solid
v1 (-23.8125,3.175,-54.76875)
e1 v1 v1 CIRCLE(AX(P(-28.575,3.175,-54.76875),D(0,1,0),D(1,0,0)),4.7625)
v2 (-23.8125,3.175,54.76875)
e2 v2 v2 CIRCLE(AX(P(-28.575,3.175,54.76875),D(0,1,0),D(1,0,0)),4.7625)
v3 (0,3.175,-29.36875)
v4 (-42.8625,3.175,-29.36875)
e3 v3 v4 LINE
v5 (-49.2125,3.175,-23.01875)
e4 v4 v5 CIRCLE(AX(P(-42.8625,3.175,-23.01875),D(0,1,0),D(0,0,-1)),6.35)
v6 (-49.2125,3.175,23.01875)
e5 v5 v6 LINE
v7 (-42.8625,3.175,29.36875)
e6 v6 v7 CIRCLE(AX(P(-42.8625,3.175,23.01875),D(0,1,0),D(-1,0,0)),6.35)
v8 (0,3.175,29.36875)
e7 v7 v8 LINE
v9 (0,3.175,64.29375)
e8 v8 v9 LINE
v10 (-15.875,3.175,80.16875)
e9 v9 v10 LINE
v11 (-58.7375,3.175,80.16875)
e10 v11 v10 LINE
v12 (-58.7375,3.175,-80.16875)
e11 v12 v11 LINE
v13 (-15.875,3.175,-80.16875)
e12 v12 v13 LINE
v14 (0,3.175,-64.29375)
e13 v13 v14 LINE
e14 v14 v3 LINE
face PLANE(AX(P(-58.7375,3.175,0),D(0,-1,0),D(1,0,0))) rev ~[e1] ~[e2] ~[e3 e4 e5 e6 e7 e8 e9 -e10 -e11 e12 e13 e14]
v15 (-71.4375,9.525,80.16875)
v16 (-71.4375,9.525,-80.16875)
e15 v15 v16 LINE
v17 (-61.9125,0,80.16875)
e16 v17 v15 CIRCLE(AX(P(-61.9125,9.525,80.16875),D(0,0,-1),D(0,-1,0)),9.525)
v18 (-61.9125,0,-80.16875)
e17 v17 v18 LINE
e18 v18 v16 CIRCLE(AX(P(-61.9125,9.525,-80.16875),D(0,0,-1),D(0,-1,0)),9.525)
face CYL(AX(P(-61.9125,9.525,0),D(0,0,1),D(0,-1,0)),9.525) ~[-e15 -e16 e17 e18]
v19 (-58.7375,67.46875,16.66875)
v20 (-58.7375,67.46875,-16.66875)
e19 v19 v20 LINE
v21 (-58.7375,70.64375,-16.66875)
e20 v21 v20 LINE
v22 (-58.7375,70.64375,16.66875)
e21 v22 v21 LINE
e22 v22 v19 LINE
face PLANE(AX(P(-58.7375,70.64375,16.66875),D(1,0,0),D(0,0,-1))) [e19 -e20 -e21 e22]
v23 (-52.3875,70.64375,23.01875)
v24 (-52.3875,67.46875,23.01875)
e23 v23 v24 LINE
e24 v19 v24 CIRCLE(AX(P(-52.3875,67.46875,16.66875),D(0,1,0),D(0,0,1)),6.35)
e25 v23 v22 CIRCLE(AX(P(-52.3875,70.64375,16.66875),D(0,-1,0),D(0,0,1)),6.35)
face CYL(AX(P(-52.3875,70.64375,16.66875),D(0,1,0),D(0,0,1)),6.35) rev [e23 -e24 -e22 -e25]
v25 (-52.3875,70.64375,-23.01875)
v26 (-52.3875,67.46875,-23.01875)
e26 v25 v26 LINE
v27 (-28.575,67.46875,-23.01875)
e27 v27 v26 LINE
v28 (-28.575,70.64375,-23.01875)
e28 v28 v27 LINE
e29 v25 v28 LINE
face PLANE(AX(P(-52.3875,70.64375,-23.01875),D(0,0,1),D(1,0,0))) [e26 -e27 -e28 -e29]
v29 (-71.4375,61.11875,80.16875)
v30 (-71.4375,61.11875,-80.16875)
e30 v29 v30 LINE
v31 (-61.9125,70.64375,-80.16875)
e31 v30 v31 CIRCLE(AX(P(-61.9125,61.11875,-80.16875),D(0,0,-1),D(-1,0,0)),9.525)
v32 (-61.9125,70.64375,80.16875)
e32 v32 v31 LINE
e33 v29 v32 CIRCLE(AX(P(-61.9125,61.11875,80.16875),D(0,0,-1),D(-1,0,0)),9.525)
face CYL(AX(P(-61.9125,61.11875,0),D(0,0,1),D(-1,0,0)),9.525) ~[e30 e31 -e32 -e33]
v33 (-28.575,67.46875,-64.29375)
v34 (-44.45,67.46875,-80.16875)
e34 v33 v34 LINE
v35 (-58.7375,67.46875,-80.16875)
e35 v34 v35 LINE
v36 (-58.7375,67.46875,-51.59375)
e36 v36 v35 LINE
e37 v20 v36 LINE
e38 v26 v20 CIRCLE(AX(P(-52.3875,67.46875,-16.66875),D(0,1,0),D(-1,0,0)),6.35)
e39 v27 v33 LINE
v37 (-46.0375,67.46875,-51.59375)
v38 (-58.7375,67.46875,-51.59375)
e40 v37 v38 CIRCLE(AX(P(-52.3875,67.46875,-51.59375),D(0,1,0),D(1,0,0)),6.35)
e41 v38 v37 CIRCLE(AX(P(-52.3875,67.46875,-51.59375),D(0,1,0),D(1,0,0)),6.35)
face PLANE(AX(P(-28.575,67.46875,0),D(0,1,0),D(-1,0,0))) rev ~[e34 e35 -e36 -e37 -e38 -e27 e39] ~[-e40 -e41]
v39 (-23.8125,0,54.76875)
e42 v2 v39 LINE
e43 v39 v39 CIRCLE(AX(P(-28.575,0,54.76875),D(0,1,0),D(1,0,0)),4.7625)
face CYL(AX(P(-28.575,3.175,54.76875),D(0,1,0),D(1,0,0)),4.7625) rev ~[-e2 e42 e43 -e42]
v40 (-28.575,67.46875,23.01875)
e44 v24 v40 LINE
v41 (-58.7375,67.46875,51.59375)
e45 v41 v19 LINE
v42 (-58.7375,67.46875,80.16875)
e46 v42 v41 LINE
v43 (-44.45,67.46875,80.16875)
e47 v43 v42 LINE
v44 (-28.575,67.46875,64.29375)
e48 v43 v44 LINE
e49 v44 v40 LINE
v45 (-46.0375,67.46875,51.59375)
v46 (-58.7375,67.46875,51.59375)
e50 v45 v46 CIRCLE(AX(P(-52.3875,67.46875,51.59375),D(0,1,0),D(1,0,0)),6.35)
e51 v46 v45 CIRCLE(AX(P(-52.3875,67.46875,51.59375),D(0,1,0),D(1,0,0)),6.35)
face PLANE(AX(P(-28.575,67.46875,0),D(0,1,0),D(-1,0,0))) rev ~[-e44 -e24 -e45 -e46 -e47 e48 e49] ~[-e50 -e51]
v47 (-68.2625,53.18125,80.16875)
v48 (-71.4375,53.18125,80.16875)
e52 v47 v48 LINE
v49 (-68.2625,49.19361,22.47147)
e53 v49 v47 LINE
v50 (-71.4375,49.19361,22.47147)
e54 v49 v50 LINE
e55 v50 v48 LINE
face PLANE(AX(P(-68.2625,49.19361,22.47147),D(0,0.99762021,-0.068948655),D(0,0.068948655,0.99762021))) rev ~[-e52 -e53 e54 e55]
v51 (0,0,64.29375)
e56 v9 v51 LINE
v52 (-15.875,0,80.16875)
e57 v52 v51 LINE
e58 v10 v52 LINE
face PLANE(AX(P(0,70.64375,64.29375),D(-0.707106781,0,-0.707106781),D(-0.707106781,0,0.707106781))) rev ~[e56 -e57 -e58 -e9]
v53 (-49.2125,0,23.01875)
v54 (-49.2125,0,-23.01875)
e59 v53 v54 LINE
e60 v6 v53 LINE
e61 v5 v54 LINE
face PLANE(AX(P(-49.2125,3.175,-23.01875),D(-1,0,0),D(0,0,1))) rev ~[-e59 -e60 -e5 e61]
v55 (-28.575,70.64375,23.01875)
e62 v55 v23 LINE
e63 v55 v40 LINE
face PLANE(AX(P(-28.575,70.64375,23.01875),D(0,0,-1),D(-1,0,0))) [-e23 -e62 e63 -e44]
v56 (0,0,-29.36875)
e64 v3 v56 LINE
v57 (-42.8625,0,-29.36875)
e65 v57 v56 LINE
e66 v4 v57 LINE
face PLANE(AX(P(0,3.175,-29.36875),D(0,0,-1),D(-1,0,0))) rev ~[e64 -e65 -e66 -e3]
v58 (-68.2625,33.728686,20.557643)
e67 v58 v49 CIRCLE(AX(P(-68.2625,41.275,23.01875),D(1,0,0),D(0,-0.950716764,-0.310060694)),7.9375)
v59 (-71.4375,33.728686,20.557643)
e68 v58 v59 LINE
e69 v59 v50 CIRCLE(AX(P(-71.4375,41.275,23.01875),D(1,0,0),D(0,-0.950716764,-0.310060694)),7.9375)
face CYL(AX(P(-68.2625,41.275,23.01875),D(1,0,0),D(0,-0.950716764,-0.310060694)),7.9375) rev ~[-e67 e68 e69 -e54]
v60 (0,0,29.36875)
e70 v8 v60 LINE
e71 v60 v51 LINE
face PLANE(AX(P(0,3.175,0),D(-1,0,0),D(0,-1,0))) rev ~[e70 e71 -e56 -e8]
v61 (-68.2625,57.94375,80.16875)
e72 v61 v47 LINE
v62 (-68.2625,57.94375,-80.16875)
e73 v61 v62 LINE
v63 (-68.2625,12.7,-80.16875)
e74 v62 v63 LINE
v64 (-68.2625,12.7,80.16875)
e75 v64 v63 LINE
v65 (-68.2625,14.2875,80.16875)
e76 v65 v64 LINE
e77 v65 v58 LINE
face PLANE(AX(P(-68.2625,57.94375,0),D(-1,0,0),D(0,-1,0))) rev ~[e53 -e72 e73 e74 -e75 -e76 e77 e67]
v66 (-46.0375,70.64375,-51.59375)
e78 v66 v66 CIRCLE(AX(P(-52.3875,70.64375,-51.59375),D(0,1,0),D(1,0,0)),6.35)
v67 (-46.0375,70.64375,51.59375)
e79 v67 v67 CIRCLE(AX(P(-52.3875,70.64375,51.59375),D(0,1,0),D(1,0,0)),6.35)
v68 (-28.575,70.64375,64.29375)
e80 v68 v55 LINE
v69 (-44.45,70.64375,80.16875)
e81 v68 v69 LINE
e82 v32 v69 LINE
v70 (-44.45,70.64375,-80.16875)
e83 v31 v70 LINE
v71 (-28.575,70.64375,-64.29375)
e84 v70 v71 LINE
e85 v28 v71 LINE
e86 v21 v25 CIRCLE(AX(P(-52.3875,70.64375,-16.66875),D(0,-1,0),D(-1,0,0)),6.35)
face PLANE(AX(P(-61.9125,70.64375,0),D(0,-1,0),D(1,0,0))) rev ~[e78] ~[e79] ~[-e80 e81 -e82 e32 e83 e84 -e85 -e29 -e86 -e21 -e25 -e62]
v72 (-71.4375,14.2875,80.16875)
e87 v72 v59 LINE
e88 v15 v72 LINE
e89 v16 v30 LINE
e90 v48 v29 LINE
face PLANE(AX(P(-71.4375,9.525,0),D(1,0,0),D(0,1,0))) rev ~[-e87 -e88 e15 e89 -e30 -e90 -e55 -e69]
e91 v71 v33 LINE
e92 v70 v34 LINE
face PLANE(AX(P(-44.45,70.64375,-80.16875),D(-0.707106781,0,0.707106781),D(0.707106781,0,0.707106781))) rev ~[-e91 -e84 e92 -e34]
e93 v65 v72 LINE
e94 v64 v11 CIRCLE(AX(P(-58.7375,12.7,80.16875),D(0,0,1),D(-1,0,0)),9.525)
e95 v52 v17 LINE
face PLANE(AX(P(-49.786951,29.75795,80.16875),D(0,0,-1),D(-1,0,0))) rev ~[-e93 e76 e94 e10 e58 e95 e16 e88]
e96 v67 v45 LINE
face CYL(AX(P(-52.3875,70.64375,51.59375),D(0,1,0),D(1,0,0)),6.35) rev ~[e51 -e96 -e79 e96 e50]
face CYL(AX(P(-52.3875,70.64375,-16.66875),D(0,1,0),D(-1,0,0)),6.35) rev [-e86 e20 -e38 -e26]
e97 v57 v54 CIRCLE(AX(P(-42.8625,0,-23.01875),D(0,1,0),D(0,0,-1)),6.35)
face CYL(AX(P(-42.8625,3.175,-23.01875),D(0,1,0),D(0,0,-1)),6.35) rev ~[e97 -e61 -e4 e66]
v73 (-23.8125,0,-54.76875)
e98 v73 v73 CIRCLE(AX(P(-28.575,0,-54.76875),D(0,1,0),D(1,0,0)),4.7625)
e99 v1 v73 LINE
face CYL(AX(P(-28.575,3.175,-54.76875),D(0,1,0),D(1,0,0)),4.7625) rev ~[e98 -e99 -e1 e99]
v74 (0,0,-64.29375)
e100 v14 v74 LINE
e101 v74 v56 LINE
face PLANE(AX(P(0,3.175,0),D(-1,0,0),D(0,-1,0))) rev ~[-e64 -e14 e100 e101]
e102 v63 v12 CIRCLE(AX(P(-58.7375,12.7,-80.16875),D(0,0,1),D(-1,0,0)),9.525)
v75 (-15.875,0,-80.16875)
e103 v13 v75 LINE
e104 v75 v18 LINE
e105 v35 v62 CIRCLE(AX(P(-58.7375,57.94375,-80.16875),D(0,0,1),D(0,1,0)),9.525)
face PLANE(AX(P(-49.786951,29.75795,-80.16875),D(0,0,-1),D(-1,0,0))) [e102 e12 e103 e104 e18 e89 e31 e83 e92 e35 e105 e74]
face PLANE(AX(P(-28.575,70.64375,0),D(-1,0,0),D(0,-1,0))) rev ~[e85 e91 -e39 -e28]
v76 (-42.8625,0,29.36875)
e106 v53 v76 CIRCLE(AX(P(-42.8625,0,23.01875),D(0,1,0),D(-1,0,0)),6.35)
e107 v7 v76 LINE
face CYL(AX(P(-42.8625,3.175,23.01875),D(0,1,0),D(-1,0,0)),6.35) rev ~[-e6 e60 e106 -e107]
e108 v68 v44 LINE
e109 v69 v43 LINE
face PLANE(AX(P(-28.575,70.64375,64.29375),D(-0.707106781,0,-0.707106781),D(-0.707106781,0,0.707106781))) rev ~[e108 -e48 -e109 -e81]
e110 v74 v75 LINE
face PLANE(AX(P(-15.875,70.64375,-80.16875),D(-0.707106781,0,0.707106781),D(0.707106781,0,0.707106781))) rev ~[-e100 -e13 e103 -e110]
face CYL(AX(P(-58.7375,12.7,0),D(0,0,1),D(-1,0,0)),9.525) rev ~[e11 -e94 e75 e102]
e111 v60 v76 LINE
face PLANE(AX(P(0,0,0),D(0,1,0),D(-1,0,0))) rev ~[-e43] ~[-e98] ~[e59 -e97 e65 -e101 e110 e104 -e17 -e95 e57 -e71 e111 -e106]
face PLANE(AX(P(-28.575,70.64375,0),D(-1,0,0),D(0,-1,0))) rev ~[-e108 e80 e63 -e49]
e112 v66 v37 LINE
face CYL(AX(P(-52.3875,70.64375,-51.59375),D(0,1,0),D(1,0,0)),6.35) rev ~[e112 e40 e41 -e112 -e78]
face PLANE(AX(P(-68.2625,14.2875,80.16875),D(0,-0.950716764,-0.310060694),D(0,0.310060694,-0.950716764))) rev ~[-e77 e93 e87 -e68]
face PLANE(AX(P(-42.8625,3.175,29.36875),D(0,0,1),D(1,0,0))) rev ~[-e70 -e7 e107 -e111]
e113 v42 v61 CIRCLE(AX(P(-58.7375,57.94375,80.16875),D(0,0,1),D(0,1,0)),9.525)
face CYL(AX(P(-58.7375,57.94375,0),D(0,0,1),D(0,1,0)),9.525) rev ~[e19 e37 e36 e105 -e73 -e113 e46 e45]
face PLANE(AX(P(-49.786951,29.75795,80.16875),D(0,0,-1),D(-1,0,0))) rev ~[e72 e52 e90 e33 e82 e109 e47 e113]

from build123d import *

# Parameters (mm, degrees)
BOSS_EXTRUDE1_DEPTH = 80.16875
CUT_EXTRUDE2_DEPTH  = 4.175
CUT_EXTRUDE3_REACH  = 72.644
SKETCH3_R           = 6.35
CUT_EXTRUDE4_REACH  = 5.175
SKETCH4_R           = 4.7625


with BuildPart() as part:
    # Sketch1 → Boss-Extrude1 (new body, symmetric)
    with BuildSketch(Plane.XY):
        with BuildLine():
            Line((0, 0), (-61.9125, 0))
            ThreePointArc((-61.9125, 0), (-68.647692091, 2.789807909), (-71.4375, 9.525))
            Line((-71.4375, 9.525), (-71.4375, 61.11875))
            ThreePointArc((-71.4375, 61.11875), (-68.647692091, 67.853942091), (-61.9125, 70.64375))
            Line((-61.9125, 70.64375), (-28.575, 70.64375))
            Line((-28.575, 70.64375), (-28.575, 67.46875))
            Line((-28.575, 67.46875), (-58.7375, 67.46875))
            ThreePointArc((-58.7375, 67.46875), (-65.472692091, 64.678942091), (-68.2625, 57.94375))
            Line((-68.2625, 57.94375), (-68.2625, 12.7))
            ThreePointArc((-68.2625, 12.7), (-65.472692091, 5.964807909), (-58.7375, 3.175))
            Line((-58.7375, 3.175), (0, 3.175))
            Line((0, 3.175), (0, 0))
        make_face()
    extrude(amount=BOSS_EXTRUDE1_DEPTH, both=True)

    # Sketch2 → Cut-Extrude2 (cut, through all)
    with BuildSketch(Plane(origin=(-68.2625, 0, 0), x_dir=(0, 0, -1), z_dir=(1, 0, 0))):
        with BuildLine():
            Line((-22.471470052, 49.193610415), (-80.16875, 53.18125))
            Line((-80.16875, 53.18125), (-80.16875, 14.2875))
            Line((-80.16875, 14.2875), (-20.557643239, 33.728685684))
            ThreePointArc((-20.557643239, 33.728685684), (-15.141341042, 42.249850944), (-22.471470052, 49.193610415))
        make_face()
    extrude(amount=-CUT_EXTRUDE2_DEPTH, mode=Mode.SUBTRACT)

    # Sketch3 → Cut-Extrude3 (cut, up to next)
    with BuildSketch(Plane(origin=(0, 70.64375, 0), x_dir=(1, 0, 0), z_dir=(0, 1, 0)), mode=Mode.PRIVATE) as cut_extrude3_sk1:
        with Locations((-52.3875, 51.59375)):
            Circle(SKETCH3_R)
    cut_extrude3_tool1 = extrude(cut_extrude3_sk1.sketch, amount=-CUT_EXTRUDE3_REACH, mode=Mode.PRIVATE) & part.part
    add(cut_extrude3_tool1.solids().sort_by_distance((-52.3875, 70.64375, -51.59375))[0], mode=Mode.SUBTRACT)
    # Sketch3 → Cut-Extrude3 (cut, up to next)
    with BuildSketch(Plane(origin=(0, 70.64375, 0), x_dir=(1, 0, 0), z_dir=(0, 1, 0)), mode=Mode.PRIVATE) as cut_extrude3_sk2:
        with Locations((-52.3875, -51.59375)):
            Circle(SKETCH3_R)
    cut_extrude3_tool2 = extrude(cut_extrude3_sk2.sketch, amount=-CUT_EXTRUDE3_REACH, mode=Mode.PRIVATE) & part.part
    add(cut_extrude3_tool2.solids().sort_by_distance((-52.3875, 70.64375, 51.59375))[0], mode=Mode.SUBTRACT)
    # Sketch3 → Cut-Extrude3 (cut, up to next)
    with BuildSketch(Plane(origin=(0, 70.64375, 0), x_dir=(1, 0, 0), z_dir=(0, 1, 0)), mode=Mode.PRIVATE) as cut_extrude3_sk3:
        Polygon((-44.45, 80.16875), (-28.575, 64.29375), (-28.575, 80.16875), align=None)
    cut_extrude3_tool3 = extrude(cut_extrude3_sk3.sketch, amount=-CUT_EXTRUDE3_REACH, mode=Mode.PRIVATE) & part.part
    add(cut_extrude3_tool3.solids().sort_by_distance((-33.866667, 70.64375, -74.877083))[0], mode=Mode.SUBTRACT)
    # Sketch3 → Cut-Extrude3 (cut, up to next)
    with BuildSketch(Plane(origin=(0, 70.64375, 0), x_dir=(1, 0, 0), z_dir=(0, 1, 0)), mode=Mode.PRIVATE) as cut_extrude3_sk4:
        Polygon((-28.575, -80.16875), (-28.575, -64.29375), (-44.45, -80.16875), align=None)
    cut_extrude3_tool4 = extrude(cut_extrude3_sk4.sketch, amount=-CUT_EXTRUDE3_REACH, mode=Mode.PRIVATE) & part.part
    add(cut_extrude3_tool4.solids().sort_by_distance((-33.866667, 70.64375, 74.877083))[0], mode=Mode.SUBTRACT)
    # Sketch3 → Cut-Extrude3 (cut, up to next)
    with BuildSketch(Plane(origin=(0, 70.64375, 0), x_dir=(1, 0, 0), z_dir=(0, 1, 0)), mode=Mode.PRIVATE) as cut_extrude3_sk5:
        Polygon((-15.875, 80.16875), (0, 64.29375), (0, 80.16875), align=None)
    cut_extrude3_tool5 = extrude(cut_extrude3_sk5.sketch, amount=-CUT_EXTRUDE3_REACH, mode=Mode.PRIVATE) & part.part
    add(cut_extrude3_tool5.solids().sort_by_distance((-5.291667, 70.64375, -74.877083))[0], mode=Mode.SUBTRACT)
    # Sketch3 → Cut-Extrude3 (cut, up to next)
    with BuildSketch(Plane(origin=(0, 70.64375, 0), x_dir=(1, 0, 0), z_dir=(0, 1, 0)), mode=Mode.PRIVATE) as cut_extrude3_sk6:
        Polygon((-15.875, -80.16875), (0, -80.16875), (0, -64.29375), align=None)
    cut_extrude3_tool6 = extrude(cut_extrude3_sk6.sketch, amount=-CUT_EXTRUDE3_REACH, mode=Mode.PRIVATE) & part.part
    add(cut_extrude3_tool6.solids().sort_by_distance((-5.291667, 70.64375, 74.877083))[0], mode=Mode.SUBTRACT)
    # Sketch3 → Cut-Extrude3 (cut, up to next)
    with BuildSketch(Plane(origin=(0, 70.64375, 0), x_dir=(1, 0, 0), z_dir=(0, 1, 0)), mode=Mode.PRIVATE) as cut_extrude3_sk7:
        with BuildLine():
            Line((-28.575, 23.01875), (-28.575, -23.01875))
            Line((-28.575, -23.01875), (-52.3875, -23.01875))
            ThreePointArc((-52.3875, -23.01875), (-56.877628061, -21.158878061), (-58.7375, -16.66875))
            Line((-58.7375, -16.66875), (-58.7375, 16.66875))
            ThreePointArc((-58.7375, 16.66875), (-56.877628061, 21.158878061), (-52.3875, 23.01875))
            Line((-52.3875, 23.01875), (-28.575, 23.01875))
        make_face()
    cut_extrude3_tool7 = extrude(cut_extrude3_sk7.sketch, amount=-CUT_EXTRUDE3_REACH, mode=Mode.PRIVATE) & part.part
    add(cut_extrude3_tool7.solids().sort_by_distance((-43.483817, 70.64375, 0))[0], mode=Mode.SUBTRACT)

    # Sketch4 → Cut-Extrude4 (cut, up to next)
    with BuildSketch(Plane(origin=(0, 3.175, 0), x_dir=(1, 0, 0), z_dir=(0, 1, 0)), mode=Mode.PRIVATE) as cut_extrude4_sk1:
        with Locations((-28.575, 54.76875)):
            Circle(SKETCH4_R)
    cut_extrude4_tool1 = extrude(cut_extrude4_sk1.sketch, amount=-CUT_EXTRUDE4_REACH, mode=Mode.PRIVATE) & part.part
    add(cut_extrude4_tool1.solids().sort_by_distance((-28.575, 3.175, -54.76875))[0], mode=Mode.SUBTRACT)
    # Sketch4 → Cut-Extrude4 (cut, up to next)
    with BuildSketch(Plane(origin=(0, 3.175, 0), x_dir=(1, 0, 0), z_dir=(0, 1, 0)), mode=Mode.PRIVATE) as cut_extrude4_sk2:
        with Locations((-28.575, -54.76875)):
            Circle(SKETCH4_R)
    cut_extrude4_tool2 = extrude(cut_extrude4_sk2.sketch, amount=-CUT_EXTRUDE4_REACH, mode=Mode.PRIVATE) & part.part
    add(cut_extrude4_tool2.solids().sort_by_distance((-28.575, 3.175, 54.76875))[0], mode=Mode.SUBTRACT)
    # Sketch4 → Cut-Extrude4 (cut, up to next)
    with BuildSketch(Plane(origin=(0, 3.175, 0), x_dir=(1, 0, 0), z_dir=(0, 1, 0)), mode=Mode.PRIVATE) as cut_extrude4_sk3:
        with BuildLine():
            Line((0, 29.36875), (-42.8625, 29.36875))
            ThreePointArc((-42.8625, 29.36875), (-47.352628061, 27.508878061), (-49.2125, 23.01875))
            Line((-49.2125, 23.01875), (-49.2125, -23.01875))
            ThreePointArc((-49.2125, -23.01875), (-47.352628061, -27.508878061), (-42.8625, -29.36875))
            Line((-42.8625, -29.36875), (0, -29.36875))
            Line((0, -29.36875), (0, 29.36875))
        make_face()
    cut_extrude4_tool3 = extrude(cut_extrude4_sk3.sketch, amount=-CUT_EXTRUDE4_REACH, mode=Mode.PRIVATE) & part.part
    add(cut_extrude4_tool3.solids().sort_by_distance((-24.466585, 3.175, 0))[0], mode=Mode.SUBTRACT)


solid = part.part
